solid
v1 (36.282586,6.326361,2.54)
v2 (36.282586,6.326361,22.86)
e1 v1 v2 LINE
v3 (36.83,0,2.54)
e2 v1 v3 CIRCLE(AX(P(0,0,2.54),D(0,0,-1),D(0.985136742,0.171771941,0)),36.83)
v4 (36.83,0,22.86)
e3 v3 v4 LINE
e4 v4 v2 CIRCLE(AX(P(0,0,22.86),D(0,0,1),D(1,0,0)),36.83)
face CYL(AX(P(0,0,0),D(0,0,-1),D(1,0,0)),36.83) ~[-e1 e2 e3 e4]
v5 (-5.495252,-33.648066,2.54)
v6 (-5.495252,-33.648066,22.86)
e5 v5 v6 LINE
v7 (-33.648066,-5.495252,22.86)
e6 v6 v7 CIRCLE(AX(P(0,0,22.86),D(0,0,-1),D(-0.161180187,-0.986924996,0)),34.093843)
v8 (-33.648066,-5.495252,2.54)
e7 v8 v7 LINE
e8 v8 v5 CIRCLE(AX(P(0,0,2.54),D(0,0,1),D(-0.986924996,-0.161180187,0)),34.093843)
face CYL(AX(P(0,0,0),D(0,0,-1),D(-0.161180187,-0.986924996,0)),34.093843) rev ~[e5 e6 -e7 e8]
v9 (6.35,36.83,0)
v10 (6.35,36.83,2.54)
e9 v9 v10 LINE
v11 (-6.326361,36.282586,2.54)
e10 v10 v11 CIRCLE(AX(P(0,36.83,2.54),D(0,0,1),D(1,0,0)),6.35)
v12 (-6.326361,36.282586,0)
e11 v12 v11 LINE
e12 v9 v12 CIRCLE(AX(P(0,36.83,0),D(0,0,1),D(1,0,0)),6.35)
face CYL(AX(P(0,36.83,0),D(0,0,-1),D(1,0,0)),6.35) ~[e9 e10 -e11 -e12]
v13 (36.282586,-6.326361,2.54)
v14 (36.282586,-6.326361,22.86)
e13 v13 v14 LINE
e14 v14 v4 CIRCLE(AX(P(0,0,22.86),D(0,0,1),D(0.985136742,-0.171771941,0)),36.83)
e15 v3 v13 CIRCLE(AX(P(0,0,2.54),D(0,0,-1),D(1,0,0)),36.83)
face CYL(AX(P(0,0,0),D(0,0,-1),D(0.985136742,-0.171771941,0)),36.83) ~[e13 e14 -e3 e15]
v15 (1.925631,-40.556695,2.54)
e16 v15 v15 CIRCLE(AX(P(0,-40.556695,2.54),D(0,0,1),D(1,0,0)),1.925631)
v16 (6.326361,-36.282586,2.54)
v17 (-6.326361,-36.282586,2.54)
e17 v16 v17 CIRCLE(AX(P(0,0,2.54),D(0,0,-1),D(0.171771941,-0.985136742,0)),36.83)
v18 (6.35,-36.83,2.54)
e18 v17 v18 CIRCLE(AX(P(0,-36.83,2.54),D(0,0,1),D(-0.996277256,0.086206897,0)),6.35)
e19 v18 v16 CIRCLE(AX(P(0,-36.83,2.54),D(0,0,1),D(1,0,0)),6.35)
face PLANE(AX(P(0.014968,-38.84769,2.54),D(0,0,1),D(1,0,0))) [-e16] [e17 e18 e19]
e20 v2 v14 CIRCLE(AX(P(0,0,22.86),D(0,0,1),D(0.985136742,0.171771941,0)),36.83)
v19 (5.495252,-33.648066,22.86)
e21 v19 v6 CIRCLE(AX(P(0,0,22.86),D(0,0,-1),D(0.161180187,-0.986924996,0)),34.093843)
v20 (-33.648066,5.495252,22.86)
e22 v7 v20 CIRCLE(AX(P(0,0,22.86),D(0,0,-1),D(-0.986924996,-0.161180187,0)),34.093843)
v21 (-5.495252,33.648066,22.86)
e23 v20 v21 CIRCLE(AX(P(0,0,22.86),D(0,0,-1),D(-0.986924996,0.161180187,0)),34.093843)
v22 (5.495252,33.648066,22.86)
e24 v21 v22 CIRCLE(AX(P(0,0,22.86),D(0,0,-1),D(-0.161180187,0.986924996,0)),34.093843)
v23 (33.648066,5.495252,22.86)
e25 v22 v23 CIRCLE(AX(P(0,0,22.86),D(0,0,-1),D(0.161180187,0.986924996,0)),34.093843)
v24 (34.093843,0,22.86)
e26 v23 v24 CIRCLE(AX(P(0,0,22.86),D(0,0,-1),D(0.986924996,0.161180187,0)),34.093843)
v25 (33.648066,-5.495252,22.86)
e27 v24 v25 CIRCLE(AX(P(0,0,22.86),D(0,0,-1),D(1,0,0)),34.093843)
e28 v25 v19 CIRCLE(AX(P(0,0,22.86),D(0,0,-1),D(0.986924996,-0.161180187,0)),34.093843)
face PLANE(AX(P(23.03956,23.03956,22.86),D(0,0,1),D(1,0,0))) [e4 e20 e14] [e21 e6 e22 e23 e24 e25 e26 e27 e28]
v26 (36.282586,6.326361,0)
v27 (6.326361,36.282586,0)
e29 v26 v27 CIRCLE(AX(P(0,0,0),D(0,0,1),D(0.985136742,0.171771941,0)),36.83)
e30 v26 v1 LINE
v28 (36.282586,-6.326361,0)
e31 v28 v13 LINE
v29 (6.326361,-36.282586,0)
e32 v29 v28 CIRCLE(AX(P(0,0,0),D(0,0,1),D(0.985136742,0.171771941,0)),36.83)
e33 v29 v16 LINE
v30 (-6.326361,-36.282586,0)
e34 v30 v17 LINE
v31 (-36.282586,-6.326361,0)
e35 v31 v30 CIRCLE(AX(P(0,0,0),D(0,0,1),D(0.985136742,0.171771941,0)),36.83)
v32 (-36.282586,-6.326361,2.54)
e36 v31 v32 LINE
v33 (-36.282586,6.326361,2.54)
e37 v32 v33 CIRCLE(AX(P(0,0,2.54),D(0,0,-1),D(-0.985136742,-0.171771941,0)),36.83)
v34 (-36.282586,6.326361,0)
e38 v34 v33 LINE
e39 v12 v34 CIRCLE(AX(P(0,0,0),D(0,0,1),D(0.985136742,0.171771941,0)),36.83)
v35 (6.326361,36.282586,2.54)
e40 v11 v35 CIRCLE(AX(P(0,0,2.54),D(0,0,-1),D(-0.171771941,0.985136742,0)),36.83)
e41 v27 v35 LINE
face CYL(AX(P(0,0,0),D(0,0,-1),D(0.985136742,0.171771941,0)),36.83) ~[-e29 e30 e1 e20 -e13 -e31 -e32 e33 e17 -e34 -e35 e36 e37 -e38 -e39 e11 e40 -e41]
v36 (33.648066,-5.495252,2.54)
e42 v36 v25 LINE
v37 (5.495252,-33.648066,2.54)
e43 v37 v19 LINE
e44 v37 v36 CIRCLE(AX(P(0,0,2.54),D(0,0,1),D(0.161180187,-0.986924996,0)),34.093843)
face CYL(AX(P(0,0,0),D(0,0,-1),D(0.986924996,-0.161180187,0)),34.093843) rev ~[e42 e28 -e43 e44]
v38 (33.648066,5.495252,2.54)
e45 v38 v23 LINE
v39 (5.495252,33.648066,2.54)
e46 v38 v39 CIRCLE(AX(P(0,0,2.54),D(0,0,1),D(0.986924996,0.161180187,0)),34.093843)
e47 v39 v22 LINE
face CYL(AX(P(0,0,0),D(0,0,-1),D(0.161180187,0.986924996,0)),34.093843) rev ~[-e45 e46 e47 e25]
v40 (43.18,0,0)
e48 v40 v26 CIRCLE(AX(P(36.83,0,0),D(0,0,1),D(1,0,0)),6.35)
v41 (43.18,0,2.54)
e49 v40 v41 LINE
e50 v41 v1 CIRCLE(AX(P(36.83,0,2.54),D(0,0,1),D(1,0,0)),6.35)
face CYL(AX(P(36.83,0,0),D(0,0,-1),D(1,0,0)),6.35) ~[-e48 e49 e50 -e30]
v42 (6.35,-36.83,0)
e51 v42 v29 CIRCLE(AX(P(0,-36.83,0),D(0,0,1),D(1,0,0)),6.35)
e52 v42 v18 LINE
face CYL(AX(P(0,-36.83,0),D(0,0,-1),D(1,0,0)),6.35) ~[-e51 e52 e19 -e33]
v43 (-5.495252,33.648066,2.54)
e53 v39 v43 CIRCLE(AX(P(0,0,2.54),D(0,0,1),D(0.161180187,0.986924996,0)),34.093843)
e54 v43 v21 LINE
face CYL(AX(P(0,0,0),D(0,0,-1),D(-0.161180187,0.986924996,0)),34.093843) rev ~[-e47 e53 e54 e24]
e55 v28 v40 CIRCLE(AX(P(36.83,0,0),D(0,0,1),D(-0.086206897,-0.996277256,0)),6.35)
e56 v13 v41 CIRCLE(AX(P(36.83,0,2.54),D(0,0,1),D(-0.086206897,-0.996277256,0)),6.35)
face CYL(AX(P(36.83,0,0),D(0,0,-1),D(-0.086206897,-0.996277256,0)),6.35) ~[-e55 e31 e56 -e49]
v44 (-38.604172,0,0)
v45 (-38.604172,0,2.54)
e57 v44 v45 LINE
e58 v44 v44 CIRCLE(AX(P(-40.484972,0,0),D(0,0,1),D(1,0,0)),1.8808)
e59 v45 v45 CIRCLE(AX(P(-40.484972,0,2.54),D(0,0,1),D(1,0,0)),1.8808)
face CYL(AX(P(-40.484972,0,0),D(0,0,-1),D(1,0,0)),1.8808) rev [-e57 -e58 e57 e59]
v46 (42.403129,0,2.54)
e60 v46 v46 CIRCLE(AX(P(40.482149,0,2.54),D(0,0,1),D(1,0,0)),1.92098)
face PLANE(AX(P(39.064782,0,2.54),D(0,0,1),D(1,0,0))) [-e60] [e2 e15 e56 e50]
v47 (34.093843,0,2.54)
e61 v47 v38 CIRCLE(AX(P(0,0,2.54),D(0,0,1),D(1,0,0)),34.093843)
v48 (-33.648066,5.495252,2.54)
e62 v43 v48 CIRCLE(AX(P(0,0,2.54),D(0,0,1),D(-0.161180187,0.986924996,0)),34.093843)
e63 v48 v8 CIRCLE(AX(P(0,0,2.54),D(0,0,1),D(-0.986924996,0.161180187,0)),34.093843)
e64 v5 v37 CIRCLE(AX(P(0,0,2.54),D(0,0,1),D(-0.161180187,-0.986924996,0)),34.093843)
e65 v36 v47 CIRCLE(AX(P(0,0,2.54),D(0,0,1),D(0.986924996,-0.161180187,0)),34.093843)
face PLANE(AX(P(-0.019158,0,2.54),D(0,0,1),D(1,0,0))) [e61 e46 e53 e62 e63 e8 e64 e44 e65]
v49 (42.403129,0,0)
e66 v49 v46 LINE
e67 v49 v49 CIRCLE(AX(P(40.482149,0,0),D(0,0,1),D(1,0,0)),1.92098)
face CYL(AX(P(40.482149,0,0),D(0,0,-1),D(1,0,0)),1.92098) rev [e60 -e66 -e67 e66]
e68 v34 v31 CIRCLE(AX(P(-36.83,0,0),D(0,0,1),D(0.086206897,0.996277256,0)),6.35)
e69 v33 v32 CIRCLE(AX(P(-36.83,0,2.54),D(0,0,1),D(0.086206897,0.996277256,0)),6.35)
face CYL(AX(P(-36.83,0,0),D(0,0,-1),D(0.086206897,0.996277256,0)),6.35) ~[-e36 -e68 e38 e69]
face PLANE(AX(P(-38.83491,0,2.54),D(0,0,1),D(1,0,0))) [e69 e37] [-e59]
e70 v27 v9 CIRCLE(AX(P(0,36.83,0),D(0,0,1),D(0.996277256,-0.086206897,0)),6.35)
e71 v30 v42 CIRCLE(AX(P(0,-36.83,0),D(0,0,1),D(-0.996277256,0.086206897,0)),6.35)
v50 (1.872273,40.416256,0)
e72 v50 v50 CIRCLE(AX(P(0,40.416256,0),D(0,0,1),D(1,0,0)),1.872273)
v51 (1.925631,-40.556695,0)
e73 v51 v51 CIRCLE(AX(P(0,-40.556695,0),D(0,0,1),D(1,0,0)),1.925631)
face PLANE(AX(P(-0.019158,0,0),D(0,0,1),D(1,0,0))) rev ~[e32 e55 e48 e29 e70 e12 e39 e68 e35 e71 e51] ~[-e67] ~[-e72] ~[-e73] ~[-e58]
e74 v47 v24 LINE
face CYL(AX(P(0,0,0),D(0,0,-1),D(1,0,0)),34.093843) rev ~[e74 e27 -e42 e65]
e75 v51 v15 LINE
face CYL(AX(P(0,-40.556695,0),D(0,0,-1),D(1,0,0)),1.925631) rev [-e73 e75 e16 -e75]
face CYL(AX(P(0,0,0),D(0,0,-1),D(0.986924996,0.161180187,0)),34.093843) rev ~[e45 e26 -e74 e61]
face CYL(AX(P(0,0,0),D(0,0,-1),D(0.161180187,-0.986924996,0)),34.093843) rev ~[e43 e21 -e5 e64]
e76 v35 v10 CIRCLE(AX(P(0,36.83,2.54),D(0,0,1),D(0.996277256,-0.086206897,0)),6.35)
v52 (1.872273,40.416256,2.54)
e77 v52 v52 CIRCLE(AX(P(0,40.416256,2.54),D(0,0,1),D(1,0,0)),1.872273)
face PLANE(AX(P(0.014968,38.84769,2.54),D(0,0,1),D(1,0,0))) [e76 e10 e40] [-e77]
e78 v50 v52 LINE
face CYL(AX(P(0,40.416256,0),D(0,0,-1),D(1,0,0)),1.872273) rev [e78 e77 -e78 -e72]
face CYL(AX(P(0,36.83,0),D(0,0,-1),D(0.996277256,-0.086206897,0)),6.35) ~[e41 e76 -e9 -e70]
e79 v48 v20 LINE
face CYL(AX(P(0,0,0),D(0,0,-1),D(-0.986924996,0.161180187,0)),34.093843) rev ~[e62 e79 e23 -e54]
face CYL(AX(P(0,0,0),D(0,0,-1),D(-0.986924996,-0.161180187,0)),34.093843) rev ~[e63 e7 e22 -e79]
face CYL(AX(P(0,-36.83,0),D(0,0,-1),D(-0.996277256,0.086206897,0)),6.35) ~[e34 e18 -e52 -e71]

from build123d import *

# Parameters (mm, degrees)
F1_DEPTH = 22.86
F0_R     = 1.8722733439
F0_R_2   = 1.9209804317
F0_R_3   = 1.9256313038
F0_R_4   = 1.8807999876
F2_DEPTH = 2.54


with BuildPart() as f1:
    # F0 (on Top) → F1 (new body)
    with BuildSketch(Plane.XY):
        with BuildLine():
            ThreePointArc((33.6480656978, 5.4952519594), (34.9195825883, 6.055807569), (36.2825862069, 6.3263605761))
            ThreePointArc((36.2825862069, 6.3263605761), (26.0427427511, 26.0427427511), (6.3263605761, 36.2825862069))
            ThreePointArc((6.3263605761, 36.2825862069), (6.055807569, 34.9195825883), (5.4952519594, 33.6480656978))
            ThreePointArc((5.4952519594, 33.6480656978), (24.1079874658, 24.1079874658), (33.6480656978, 5.4952519594))
        make_face()
        with BuildLine():
            ThreePointArc((-5.4952519594, 33.6480656978), (-6.055807569, 34.9195825883), (-6.3263605761, 36.2825862069))
            ThreePointArc((-6.3263605761, 36.2825862069), (-26.0427427511, 26.0427427511), (-36.2825862069, 6.3263605761))
            ThreePointArc((-36.2825862069, 6.3263605761), (-34.9195825883, 6.055807569), (-33.6480656978, 5.4952519594))
            ThreePointArc((-33.6480656978, 5.4952519594), (-24.1079874658, 24.1079874658), (-5.4952519594, 33.6480656978))
        make_face()
        with BuildLine():
            ThreePointArc((-36.2825862069, -6.3263605761), (-26.0427427511, -26.0427427511), (-6.3263605761, -36.2825862069))
            ThreePointArc((-6.3263605761, -36.2825862069), (-6.055807569, -34.9195825883), (-5.4952519594, -33.6480656978))
            ThreePointArc((-5.4952519594, -33.6480656978), (-24.1079874658, -24.1079874658), (-33.6480656978, -5.4952519594))
            ThreePointArc((-33.6480656978, -5.4952519594), (-34.9195825883, -6.055807569), (-36.2825862069, -6.3263605761))
        make_face()
        with BuildLine():
            ThreePointArc((6.3263605761, -36.2825862069), (26.0427427511, -26.0427427511), (36.2825862069, -6.3263605761))
            ThreePointArc((36.2825862069, -6.3263605761), (34.9195825883, -6.055807569), (33.6480656978, -5.4952519594))
            ThreePointArc((33.6480656978, -5.4952519594), (24.1079874658, -24.1079874658), (5.4952519594, -33.6480656978))
            ThreePointArc((5.4952519594, -33.6480656978), (6.055807569, -34.9195825883), (6.3263605761, -36.2825862069))
        make_face()
        with BuildLine():
            ThreePointArc((5.4952519594, 33.6480656978), (6.055807569, 34.9195825883), (6.3263605761, 36.2825862069))
            ThreePointArc((6.3263605761, 36.2825862069), (0, 36.83), (-6.3263605761, 36.2825862069))
            ThreePointArc((-6.3263605761, 36.2825862069), (-6.055807569, 34.9195825883), (-5.4952519594, 33.6480656978))
            ThreePointArc((-5.4952519594, 33.6480656978), (0, 34.0938428357), (5.4952519594, 33.6480656978))
        make_face()
        with BuildLine():
            ThreePointArc((-33.6480656978, 5.4952519594), (-34.9195825883, 6.055807569), (-36.2825862069, 6.3263605761))
            ThreePointArc((-36.2825862069, 6.3263605761), (-36.83, 0), (-36.2825862069, -6.3263605761))
            ThreePointArc((-36.2825862069, -6.3263605761), (-34.9195825883, -6.055807569), (-33.6480656978, -5.4952519594))
            ThreePointArc((-33.6480656978, -5.4952519594), (-34.0938428357, 0), (-33.6480656978, 5.4952519594))
        make_face()
        with BuildLine():
            ThreePointArc((-6.3263605761, -36.2825862069), (0, -36.83), (6.3263605761, -36.2825862069))
            ThreePointArc((6.3263605761, -36.2825862069), (6.055807569, -34.9195825883), (5.4952519594, -33.6480656978))
            ThreePointArc((5.4952519594, -33.6480656978), (0, -34.0938428357), (-5.4952519594, -33.6480656978))
            ThreePointArc((-5.4952519594, -33.6480656978), (-6.055807569, -34.9195825883), (-6.3263605761, -36.2825862069))
        make_face()
        with BuildLine():
            ThreePointArc((36.2825862069, -6.3263605761), (36.6928913415, -3.175), (36.83, 0))
            ThreePointArc((36.83, 0), (36.6928913415, 3.175), (36.2825862069, 6.3263605761))
            ThreePointArc((36.2825862069, 6.3263605761), (34.9195825883, 6.055807569), (33.6480656978, 5.4952519594))
            ThreePointArc((33.6480656978, 5.4952519594), (33.9822158116, 2.7566515627), (34.0938428357, 0))
            ThreePointArc((34.0938428357, 0), (33.9822158116, -2.7566515627), (33.6480656978, -5.4952519594))
            ThreePointArc((33.6480656978, -5.4952519594), (34.9195825883, -6.055807569), (36.2825862069, -6.3263605761))
        make_face()
    extrude(amount=F1_DEPTH)

    # F0 (on Top) → F2 (join)
    with BuildSketch(Plane.XY):
        with BuildLine():
            ThreePointArc((33.6480656978, -5.4952519594), (30.48, 0), (33.6480656978, 5.4952519594))
            ThreePointArc((33.6480656978, 5.4952519594), (24.1079874658, 24.1079874658), (5.4952519594, 33.6480656978))
            ThreePointArc((5.4952519594, 33.6480656978), (0, 30.48), (-5.4952519594, 33.6480656978))
            ThreePointArc((-5.4952519594, 33.6480656978), (-24.1079874658, 24.1079874658), (-33.6480656978, 5.4952519594))
            ThreePointArc((-33.6480656978, 5.4952519594), (-31.3287372896, 3.1715309538), (-30.48, 0))
            ThreePointArc((-30.48, 0), (-31.3287372896, -3.1715309538), (-33.6480656978, -5.4952519594))
            ThreePointArc((-33.6480656978, -5.4952519594), (-24.1079874658, -24.1079874658), (-5.4952519594, -33.6480656978))
            ThreePointArc((-5.4952519594, -33.6480656978), (0, -30.48), (5.4952519594, -33.6480656978))
            ThreePointArc((5.4952519594, -33.6480656978), (24.1079874658, -24.1079874658), (33.6480656978, -5.4952519594))
        make_face()
        with BuildLine():
            ThreePointArc((-6.3263605761, 36.2825862069), (0, 36.83), (6.3263605761, 36.2825862069))
            ThreePointArc((6.3263605761, 36.2825862069), (6.3440873914, 36.5560380121), (6.35, 36.83))
            ThreePointArc((6.35, 36.83), (-0.2739619879, 43.1740873914), (-6.3263605761, 36.2825862069))
        make_face()
        with Locations((0, 40.4162555933)):
            Circle(F0_R, mode=Mode.SUBTRACT)
        with BuildLine():
            ThreePointArc((-5.4952519594, 33.6480656978), (0, 30.48), (5.4952519594, 33.6480656978))
            ThreePointArc((5.4952519594, 33.6480656978), (0, 34.0938428357), (-5.4952519594, 33.6480656978))
        make_face()
        with BuildLine():
            ThreePointArc((36.2825862069, 6.3263605761), (36.6928913415, 3.175), (36.83, 0))
            ThreePointArc((36.83, 0), (36.6928913415, -3.175), (36.2825862069, -6.3263605761))
            ThreePointArc((36.2825862069, -6.3263605761), (41.1222268354, -4.6796675943), (43.18, 0))
            ThreePointArc((43.18, 0), (41.1222268354, 4.6796675943), (36.2825862069, 6.3263605761))
        make_face()
        with Locations((40.4821485281, 0)):
            Circle(F0_R_2, mode=Mode.SUBTRACT)
        with BuildLine():
            ThreePointArc((34.0938428357, 0), (33.9822158116, 2.7566515627), (33.6480656978, 5.4952519594))
            ThreePointArc((33.6480656978, 5.4952519594), (30.48, 0), (33.6480656978, -5.4952519594))
            ThreePointArc((33.6480656978, -5.4952519594), (33.9822158116, -2.7566515627), (34.0938428357, 0))
        make_face()
        with BuildLine():
            ThreePointArc((6.35, -36.83), (6.3440873914, -36.5560380121), (6.3263605761, -36.2825862069))
            ThreePointArc((6.3263605761, -36.2825862069), (0, -36.83), (-6.3263605761, -36.2825862069))
            ThreePointArc((-6.3263605761, -36.2825862069), (-0.2739619879, -43.1740873914), (6.35, -36.83))
        make_face()
        with Locations((0, -40.5566953123)):
            Circle(F0_R_3, mode=Mode.SUBTRACT)
        with BuildLine():
            ThreePointArc((-5.4952519594, -33.6480656978), (0, -34.0938428357), (5.4952519594, -33.6480656978))
            ThreePointArc((5.4952519594, -33.6480656978), (0, -30.48), (-5.4952519594, -33.6480656978))
        make_face()
        with BuildLine():
            ThreePointArc((-30.48, 0), (-31.3287372896, 3.1715309538), (-33.6480656978, 5.4952519594))
            ThreePointArc((-33.6480656978, 5.4952519594), (-34.0938428357, 0), (-33.6480656978, -5.4952519594))
            ThreePointArc((-33.6480656978, -5.4952519594), (-31.3287372896, -3.1715309538), (-30.48, 0))
        make_face()
        with BuildLine():
            ThreePointArc((-36.2825862069, -6.3263605761), (-36.83, 0), (-36.2825862069, 6.3263605761))
            ThreePointArc((-36.2825862069, 6.3263605761), (-43.18, 0), (-36.2825862069, -6.3263605761))
        make_face()
        with Locations((-40.4849722981, 0)):
            Circle(F0_R_4, mode=Mode.SUBTRACT)
    extrude(amount=F2_DEPTH)


solid = f1.part
